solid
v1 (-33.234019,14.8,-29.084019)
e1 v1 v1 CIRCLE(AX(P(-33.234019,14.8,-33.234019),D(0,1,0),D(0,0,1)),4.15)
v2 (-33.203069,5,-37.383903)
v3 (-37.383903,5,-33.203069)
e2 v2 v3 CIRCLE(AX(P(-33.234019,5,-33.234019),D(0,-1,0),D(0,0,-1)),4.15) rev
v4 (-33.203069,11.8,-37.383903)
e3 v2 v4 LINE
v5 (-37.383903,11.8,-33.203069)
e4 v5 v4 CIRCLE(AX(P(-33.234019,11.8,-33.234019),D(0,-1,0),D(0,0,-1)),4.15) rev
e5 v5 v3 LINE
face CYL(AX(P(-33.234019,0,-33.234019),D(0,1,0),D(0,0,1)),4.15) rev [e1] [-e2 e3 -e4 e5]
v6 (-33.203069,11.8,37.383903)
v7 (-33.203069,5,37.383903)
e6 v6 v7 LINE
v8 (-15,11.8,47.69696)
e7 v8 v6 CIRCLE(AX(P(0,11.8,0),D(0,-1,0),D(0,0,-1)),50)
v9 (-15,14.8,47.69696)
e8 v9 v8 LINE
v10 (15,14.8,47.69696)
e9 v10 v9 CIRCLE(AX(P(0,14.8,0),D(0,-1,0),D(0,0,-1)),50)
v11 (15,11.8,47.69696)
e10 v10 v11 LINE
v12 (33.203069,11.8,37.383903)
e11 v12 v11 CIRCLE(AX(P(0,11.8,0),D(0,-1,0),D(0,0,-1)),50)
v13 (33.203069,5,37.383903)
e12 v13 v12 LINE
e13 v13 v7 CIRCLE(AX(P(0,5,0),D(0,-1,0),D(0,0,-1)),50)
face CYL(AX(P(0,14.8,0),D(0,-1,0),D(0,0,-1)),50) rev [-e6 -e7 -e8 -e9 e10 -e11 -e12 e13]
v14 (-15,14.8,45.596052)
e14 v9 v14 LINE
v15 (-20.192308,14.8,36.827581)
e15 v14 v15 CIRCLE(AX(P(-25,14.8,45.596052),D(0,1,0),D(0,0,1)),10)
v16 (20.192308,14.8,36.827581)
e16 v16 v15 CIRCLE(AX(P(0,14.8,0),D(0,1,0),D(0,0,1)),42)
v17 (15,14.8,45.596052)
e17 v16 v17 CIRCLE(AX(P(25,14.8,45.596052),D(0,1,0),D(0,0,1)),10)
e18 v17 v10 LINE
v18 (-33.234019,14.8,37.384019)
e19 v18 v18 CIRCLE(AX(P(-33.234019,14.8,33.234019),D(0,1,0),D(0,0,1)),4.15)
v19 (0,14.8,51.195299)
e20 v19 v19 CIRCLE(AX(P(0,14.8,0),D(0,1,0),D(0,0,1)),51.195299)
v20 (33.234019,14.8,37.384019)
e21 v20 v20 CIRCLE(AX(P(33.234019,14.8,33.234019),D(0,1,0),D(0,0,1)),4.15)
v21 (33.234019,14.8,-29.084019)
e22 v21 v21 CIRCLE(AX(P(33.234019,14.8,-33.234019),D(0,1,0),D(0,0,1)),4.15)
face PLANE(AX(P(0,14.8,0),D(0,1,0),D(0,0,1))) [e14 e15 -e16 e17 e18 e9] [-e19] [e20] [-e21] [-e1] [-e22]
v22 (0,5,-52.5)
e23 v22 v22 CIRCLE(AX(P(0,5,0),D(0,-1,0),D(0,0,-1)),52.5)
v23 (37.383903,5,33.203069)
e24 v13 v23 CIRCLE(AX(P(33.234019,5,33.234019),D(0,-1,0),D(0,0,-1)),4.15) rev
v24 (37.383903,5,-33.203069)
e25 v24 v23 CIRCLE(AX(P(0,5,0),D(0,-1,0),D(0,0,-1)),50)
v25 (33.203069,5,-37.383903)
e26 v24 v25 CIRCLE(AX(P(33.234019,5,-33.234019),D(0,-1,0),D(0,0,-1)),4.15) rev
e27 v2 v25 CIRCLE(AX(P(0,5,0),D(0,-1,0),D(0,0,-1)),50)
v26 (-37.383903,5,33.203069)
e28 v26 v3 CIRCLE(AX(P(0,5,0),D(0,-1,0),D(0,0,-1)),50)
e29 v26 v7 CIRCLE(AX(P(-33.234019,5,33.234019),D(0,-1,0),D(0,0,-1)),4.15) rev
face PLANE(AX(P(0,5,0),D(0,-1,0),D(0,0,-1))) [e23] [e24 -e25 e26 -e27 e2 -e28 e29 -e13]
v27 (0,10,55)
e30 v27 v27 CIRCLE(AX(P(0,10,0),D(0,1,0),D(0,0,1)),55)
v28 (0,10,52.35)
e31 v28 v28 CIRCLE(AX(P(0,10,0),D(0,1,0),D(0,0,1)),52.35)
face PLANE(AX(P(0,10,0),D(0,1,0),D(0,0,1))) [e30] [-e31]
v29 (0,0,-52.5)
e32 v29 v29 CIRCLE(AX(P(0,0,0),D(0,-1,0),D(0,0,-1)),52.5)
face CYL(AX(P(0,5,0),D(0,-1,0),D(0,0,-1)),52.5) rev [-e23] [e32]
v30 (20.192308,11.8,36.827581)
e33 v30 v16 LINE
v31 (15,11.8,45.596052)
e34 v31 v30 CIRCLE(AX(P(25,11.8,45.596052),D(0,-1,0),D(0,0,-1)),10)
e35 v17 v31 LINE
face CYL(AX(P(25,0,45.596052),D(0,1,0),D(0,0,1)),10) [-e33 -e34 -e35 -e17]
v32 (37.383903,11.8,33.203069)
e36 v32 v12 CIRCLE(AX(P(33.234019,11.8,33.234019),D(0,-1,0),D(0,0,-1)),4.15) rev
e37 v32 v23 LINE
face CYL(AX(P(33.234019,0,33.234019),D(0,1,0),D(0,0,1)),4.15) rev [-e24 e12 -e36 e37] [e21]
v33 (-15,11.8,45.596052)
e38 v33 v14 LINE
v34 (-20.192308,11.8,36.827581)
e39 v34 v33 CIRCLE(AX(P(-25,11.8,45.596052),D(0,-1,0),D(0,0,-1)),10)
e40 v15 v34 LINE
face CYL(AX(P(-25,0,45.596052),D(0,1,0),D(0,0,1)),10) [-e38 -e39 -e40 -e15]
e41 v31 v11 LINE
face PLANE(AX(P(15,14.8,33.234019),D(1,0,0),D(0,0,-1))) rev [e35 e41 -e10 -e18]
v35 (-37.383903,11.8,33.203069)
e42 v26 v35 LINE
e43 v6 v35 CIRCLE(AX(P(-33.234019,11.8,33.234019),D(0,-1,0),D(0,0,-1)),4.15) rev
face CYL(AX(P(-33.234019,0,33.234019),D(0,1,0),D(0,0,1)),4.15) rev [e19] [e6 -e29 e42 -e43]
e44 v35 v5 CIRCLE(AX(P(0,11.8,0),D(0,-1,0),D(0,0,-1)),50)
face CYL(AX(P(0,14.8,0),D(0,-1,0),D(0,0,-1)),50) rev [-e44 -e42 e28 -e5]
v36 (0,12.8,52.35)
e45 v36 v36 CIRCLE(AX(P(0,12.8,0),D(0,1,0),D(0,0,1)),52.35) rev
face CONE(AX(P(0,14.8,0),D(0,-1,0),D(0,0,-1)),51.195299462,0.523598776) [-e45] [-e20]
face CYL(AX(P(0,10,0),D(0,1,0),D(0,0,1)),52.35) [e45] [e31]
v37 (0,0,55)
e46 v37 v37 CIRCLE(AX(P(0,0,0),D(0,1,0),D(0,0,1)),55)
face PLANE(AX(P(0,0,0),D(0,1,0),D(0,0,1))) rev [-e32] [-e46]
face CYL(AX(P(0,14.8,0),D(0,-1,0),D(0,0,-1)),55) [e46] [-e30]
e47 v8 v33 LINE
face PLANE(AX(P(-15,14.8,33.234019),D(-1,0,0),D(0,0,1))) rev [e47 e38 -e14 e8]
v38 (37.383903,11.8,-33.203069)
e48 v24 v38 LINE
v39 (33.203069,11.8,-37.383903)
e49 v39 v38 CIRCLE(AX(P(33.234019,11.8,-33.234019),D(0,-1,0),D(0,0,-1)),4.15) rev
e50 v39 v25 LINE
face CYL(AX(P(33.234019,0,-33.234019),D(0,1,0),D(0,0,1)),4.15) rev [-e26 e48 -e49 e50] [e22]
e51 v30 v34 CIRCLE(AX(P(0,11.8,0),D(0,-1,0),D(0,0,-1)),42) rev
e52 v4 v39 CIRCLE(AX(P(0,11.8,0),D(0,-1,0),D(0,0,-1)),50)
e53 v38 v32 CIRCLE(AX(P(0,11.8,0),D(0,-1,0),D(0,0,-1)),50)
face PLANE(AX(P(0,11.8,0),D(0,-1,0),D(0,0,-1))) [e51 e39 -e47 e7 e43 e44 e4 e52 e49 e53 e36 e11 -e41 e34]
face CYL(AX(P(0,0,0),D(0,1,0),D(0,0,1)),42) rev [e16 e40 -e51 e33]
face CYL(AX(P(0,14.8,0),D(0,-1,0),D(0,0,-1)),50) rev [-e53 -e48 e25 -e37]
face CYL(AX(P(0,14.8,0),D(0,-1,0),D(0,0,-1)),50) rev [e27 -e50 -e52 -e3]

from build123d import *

# Parameters (mm, degrees)
SKETCH1_R           = 55
BOSS_EXTRUDE1_DEPTH = 14.8
SHELL1_T            = -5
SKETCH2_R           = 35
CUT_EXTRUDE1_DEPTH  = 6
SKETCH3_R           = 42
CUT_EXTRUDE2_DEPTH  = 15.8
SKETCH4_R           = 4.15
CUT_EXTRUDE3_DEPTH  = 15.8
SKETCH6_R           = 50
CUT_EXTRUDE4_DEPTH  = 2
CUT_EXTRUDE5_DEPTH  = 4
FILLET1_R           = 10
SKETCH8_OUTSIDE_W   = 143.254
SKETCH8_OUTSIDE_H   = 143.254
SKETCH8_OUTSIDE_R   = 52.35
CUT_EXTRUDE6_DEPTH  = 4.8
CHAMFER1_SIZE       = 2
CHAMFER1_SIZE2      = 1.154700538
SKETCH9_R           = 52.5
CUT_EXTRUDE7_DEPTH  = 5


with BuildPart() as part:
    # Sketch1 → Boss-Extrude1 (new body)
    with BuildSketch(Plane(origin=(0, 0, 0), x_dir=(1, 0, 0), z_dir=(0, 1, 0))):
        with Locations(Location((0, 0, 0), (0, 0, 270))):  # turned: the seam where the file's is
            Circle(SKETCH1_R)
    extrude(amount=BOSS_EXTRUDE1_DEPTH)

    # Shell1
    shell1_openings = [part.faces().sort_by_distance(p)[0] for p in [
        (0, 0, 0),
    ]]
    offset(amount=SHELL1_T, openings=shell1_openings, kind=Kind.INTERSECTION)

    # Sketch2 → Cut-Extrude1 (cut, through all)
    with BuildSketch(Plane.XZ.offset(-9.8)):
        with Locations(Location((0, 0, 0), (0, 0, 270))):  # turned: the seam where the file's is
            Circle(SKETCH2_R)
    extrude(amount=-CUT_EXTRUDE1_DEPTH, mode=Mode.SUBTRACT)

    # Sketch3 → Cut-Extrude2 (cut, through all)
    with BuildSketch(Plane(origin=(0, 14.8, 0), x_dir=(1, 0, 0), z_dir=(0, 1, 0))):
        with Locations(Location((0, 0, 0), (0, 0, 270))):  # turned: the seam where the file's is
            Circle(SKETCH3_R)
    extrude(amount=-CUT_EXTRUDE2_DEPTH, mode=Mode.SUBTRACT)

    # Sketch4 → Cut-Extrude3 (cut, through all)
    with BuildSketch(Plane(origin=(0, 14.8, 0), x_dir=(1, 0, 0), z_dir=(0, 1, 0))):
        with Locations(Location((-33.234018716, -33.234018716, 0), (0, 0, 270))):  # turned: the seam where the file's is
            Circle(SKETCH4_R)
        with Locations(Location((-33.234018716, 33.234018716, 0), (0, 0, 270))):  # turned: the seam where the file's is
            Circle(SKETCH4_R)
        with Locations(Location((33.234018716, 33.234018716, 0), (0, 0, 270))):  # turned: the seam where the file's is
            Circle(SKETCH4_R)
        with Locations(Location((33.234018716, -33.234018716, 0), (0, 0, 270))):  # turned: the seam where the file's is
            Circle(SKETCH4_R)
    extrude(amount=-CUT_EXTRUDE3_DEPTH, mode=Mode.SUBTRACT)

    # Sketch6 → Cut-Extrude4 (cut)
    with BuildSketch(Plane.XZ.offset(-9.8)):
        Circle(SKETCH6_R)
    extrude(amount=-CUT_EXTRUDE4_DEPTH, mode=Mode.SUBTRACT)

    # Sketch7 → Cut-Extrude5 (cut, through all)
    with BuildSketch(Plane.XZ.offset(-11.8)):
        with BuildLine():
            Line((15, 33.234018716), (15, 47.696960071))
            ThreePointArc((15, 47.696960071), (0, 50), (-15, 47.696960071))
            Line((-15, 47.696960071), (-15, 33.234018716))
            Line((-15, 33.234018716), (15, 33.234018716))
        make_face()
    extrude(amount=-CUT_EXTRUDE5_DEPTH, mode=Mode.SUBTRACT)

    # Fillet1
    fillet1_edges = [part.edges().sort_by_distance(p)[0] for p in [
        (-15, 13.3, 39.230090492),
        (15, 13.3, 39.230090492),
    ]]
    fillet(fillet1_edges, radius=FILLET1_R)

    # Sketch8 outside → Cut-Extrude6 (cut)
    with BuildSketch(Plane(origin=(0, 14.8, 0), x_dir=(1, 0, 0), z_dir=(0, 1, 0))):
        Rectangle(SKETCH8_OUTSIDE_W, SKETCH8_OUTSIDE_H)
        with Locations(Location((0, 0, 0), (0, 0, 270))):  # turned: the seam where the file's is
            Circle(SKETCH8_OUTSIDE_R, mode=Mode.SUBTRACT)
    extrude(amount=-CUT_EXTRUDE6_DEPTH, mode=Mode.SUBTRACT)

    # Chamfer1
    chamfer1_edges = [part.edges().sort_by_distance(p)[0] for p in [
        (0, 14.8, -52.35),
    ]]
    chamfer1_side = [part.faces().sort_by_distance(p)[0] for p in [
        (0, 12.4, -52.35),
    ]]
    chamfer(chamfer1_edges, length=CHAMFER1_SIZE, length2=CHAMFER1_SIZE2, reference=chamfer1_side[0])

    # Sketch9 → Cut-Extrude7 (cut)
    with BuildSketch(Plane.XZ):
        with Locations(Location((0, 0, 0), (0, 0, 270))):  # turned: the seam where the file's is
            Circle(SKETCH9_R)
    extrude(amount=-CUT_EXTRUDE7_DEPTH, mode=Mode.SUBTRACT)


solid = part.part
